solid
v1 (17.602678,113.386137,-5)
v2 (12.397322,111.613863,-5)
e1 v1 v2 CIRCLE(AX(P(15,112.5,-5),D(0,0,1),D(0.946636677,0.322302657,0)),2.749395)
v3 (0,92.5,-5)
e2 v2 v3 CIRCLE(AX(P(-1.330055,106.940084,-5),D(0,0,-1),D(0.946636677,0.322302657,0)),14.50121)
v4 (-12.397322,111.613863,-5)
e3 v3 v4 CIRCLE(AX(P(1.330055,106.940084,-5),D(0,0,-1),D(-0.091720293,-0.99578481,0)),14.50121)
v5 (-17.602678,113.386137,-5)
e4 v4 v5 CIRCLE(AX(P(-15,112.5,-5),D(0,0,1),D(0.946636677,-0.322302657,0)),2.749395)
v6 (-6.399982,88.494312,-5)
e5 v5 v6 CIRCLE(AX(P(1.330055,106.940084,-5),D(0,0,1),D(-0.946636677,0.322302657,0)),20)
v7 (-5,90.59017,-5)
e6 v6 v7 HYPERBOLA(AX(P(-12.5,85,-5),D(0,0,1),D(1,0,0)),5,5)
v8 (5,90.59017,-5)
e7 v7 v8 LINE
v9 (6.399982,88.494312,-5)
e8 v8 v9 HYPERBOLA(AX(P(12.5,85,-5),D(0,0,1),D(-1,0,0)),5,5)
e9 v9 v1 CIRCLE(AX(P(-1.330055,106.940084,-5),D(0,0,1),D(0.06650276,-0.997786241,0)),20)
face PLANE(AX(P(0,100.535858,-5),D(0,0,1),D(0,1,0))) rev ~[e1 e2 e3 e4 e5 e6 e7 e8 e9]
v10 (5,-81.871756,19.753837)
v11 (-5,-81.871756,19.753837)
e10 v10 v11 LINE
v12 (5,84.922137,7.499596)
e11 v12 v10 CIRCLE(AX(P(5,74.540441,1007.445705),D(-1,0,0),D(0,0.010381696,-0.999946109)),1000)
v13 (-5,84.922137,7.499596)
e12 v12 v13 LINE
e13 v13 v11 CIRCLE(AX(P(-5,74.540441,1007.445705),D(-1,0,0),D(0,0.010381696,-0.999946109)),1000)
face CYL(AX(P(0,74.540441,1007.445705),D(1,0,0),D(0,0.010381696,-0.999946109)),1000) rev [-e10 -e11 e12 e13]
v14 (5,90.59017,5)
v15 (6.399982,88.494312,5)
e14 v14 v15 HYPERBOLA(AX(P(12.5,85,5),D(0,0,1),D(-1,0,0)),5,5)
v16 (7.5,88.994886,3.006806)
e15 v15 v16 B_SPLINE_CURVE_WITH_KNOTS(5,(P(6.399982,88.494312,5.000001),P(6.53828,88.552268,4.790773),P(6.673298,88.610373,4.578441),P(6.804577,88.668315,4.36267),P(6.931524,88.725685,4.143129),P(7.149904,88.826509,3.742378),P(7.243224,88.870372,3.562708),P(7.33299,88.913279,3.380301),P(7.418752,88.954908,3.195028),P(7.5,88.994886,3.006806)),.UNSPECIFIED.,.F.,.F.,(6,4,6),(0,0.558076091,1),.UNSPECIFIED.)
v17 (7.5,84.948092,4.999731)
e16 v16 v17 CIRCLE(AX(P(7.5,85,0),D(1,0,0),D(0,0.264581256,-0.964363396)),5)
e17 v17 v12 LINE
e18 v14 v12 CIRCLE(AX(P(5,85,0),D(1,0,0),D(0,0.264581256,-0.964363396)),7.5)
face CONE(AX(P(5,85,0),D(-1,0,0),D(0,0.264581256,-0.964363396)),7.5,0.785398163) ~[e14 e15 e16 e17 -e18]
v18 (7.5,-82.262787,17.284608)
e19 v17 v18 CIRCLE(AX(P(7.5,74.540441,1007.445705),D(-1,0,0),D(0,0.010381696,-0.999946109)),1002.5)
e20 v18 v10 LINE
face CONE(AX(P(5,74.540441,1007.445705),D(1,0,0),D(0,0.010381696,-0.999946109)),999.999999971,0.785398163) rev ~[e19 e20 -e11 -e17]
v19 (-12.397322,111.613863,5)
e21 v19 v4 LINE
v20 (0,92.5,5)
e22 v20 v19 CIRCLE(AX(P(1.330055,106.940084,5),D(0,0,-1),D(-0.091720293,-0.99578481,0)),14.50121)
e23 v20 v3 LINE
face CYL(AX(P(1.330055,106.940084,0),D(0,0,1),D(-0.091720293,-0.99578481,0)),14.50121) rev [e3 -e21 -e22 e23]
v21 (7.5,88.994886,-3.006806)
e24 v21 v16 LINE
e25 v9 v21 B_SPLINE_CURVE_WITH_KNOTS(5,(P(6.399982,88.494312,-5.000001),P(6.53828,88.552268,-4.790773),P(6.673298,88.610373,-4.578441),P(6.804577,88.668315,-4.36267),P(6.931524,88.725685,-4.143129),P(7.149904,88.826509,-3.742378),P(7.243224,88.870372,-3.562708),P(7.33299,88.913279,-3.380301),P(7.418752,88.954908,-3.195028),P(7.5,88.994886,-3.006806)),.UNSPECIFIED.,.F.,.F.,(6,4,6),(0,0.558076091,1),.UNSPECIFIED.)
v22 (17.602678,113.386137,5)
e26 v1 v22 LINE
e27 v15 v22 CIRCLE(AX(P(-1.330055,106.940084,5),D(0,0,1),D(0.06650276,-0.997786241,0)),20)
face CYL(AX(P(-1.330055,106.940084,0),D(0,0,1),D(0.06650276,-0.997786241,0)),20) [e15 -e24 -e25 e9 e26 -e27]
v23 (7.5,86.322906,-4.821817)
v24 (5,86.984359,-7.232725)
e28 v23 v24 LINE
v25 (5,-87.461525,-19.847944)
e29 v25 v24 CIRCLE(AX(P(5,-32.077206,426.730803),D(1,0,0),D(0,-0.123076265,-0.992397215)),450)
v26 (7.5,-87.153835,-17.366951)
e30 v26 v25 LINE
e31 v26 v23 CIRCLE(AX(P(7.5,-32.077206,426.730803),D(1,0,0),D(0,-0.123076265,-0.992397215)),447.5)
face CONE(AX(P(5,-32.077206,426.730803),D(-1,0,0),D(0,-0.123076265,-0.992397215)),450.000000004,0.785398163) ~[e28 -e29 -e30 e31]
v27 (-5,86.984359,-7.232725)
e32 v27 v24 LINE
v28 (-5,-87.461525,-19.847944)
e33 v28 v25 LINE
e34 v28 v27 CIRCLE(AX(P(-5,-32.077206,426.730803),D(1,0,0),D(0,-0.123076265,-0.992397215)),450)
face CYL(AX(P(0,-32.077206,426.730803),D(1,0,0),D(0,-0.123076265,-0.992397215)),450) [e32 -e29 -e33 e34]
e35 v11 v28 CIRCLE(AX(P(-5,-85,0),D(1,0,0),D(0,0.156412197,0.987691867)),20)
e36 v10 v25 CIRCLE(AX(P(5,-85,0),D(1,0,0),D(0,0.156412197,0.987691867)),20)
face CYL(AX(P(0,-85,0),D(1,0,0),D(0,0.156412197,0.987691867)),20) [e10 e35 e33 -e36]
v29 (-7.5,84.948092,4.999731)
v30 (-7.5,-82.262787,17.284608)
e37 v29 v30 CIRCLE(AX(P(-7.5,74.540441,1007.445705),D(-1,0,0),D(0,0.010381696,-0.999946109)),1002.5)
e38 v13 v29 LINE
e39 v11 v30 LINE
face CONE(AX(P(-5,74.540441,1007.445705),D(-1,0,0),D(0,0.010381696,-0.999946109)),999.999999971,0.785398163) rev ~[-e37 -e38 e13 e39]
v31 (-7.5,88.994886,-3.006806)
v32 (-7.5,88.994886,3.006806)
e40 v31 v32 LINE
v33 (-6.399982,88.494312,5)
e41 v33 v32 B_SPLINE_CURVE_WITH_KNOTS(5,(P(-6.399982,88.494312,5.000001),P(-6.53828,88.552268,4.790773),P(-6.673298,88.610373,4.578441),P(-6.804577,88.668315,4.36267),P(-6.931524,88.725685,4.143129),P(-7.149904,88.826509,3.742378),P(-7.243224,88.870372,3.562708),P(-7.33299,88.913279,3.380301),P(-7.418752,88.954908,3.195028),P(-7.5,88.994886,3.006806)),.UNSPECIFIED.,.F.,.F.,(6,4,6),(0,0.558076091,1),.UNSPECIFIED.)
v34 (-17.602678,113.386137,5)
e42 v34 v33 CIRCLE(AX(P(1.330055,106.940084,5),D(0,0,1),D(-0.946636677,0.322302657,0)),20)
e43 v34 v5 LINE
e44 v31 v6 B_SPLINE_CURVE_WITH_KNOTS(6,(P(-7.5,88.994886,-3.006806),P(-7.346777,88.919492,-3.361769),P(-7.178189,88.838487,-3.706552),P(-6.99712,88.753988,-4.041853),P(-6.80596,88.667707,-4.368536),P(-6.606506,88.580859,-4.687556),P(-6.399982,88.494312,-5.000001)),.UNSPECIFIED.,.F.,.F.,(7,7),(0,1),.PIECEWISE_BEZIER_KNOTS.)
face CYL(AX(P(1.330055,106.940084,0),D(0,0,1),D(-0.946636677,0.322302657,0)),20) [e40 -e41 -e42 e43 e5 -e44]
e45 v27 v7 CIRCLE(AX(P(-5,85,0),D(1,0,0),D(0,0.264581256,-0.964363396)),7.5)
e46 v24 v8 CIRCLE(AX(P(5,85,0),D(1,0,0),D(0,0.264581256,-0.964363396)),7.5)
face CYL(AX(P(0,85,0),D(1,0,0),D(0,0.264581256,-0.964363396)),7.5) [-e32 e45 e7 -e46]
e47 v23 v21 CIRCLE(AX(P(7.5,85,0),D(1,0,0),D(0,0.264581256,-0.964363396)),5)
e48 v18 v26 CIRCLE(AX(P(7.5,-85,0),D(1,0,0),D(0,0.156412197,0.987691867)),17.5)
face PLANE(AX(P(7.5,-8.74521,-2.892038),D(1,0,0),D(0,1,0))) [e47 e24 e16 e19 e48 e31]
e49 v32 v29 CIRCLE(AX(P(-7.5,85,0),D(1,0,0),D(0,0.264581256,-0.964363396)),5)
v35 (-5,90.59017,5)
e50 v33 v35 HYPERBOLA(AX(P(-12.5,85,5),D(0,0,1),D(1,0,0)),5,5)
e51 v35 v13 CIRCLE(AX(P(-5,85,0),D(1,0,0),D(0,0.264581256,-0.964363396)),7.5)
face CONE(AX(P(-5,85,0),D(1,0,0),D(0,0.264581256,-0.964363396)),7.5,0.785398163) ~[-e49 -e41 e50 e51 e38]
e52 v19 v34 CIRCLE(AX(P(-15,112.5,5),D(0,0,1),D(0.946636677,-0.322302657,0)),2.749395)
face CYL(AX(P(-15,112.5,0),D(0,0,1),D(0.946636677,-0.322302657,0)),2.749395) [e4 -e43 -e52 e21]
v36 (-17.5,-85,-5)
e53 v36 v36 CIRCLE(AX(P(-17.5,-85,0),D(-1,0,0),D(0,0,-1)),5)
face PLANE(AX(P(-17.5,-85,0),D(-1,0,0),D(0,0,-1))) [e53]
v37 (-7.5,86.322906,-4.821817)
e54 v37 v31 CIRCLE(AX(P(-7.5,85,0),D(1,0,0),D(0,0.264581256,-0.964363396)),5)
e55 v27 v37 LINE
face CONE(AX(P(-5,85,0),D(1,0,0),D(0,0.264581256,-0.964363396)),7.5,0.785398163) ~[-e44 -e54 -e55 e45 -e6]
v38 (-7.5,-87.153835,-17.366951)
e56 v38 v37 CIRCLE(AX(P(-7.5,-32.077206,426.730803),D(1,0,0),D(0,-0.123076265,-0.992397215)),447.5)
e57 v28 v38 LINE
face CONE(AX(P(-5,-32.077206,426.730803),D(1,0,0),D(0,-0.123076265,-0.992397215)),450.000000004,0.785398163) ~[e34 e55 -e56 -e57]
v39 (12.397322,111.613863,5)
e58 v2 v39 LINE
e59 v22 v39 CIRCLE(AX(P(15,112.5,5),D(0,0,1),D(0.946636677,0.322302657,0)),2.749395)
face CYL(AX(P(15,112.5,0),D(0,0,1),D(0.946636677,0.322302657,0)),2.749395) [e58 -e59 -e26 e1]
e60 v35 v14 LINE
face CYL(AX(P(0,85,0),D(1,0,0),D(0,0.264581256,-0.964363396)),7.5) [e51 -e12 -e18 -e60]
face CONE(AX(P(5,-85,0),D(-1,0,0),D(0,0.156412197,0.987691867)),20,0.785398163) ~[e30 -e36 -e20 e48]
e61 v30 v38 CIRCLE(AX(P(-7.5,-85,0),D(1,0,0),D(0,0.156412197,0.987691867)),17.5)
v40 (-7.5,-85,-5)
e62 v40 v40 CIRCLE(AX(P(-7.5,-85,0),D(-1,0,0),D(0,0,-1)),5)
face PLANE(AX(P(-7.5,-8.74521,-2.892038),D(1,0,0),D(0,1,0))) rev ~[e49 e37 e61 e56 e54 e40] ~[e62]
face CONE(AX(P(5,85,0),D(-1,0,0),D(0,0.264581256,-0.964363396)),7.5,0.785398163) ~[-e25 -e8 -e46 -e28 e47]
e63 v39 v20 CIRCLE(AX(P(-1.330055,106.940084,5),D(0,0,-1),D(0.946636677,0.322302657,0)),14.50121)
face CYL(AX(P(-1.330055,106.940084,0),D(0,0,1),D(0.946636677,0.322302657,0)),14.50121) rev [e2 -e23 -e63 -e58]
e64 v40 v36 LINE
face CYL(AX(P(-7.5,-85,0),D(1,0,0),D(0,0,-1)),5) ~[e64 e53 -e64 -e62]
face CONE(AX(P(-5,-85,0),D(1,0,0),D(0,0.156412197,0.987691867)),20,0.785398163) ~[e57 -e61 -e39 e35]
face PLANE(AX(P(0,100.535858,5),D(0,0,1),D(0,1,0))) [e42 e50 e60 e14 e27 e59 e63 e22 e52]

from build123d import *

# Parameters (mm, degrees)
BOSS_EXTRUDE1_DEPTH = 7.5
CHAMFER1_SIZE       = 2.5
SKETCH2_R           = 5
BOSS_EXTRUDE2_DEPTH = 10
BOSS_EXTRUDE3_DEPTH = 5


with BuildPart() as part:
    # Sketch1 → Boss-Extrude1 (new, symmetric)
    with BuildSketch(Plane.YZ):
        with BuildLine():
            ThreePointArc((-81.871756055, 19.753837344), (-104.803696773, 2.795280684), (-87.461525308, -19.847944306))
            ThreePointArc((-87.461525308, -19.847944306), (0.380210023, -22.09713345), (86.984359422, -7.232725467))
            ThreePointArc((86.984359422, -7.232725467), (92.427584063, 1.039709088), (84.922137279, 7.499595816))
            ThreePointArc((84.922137279, 7.499595816), (1.268561005, 10.133701432), (-81.871756055, 19.753837344))
        make_face()
    extrude(amount=BOSS_EXTRUDE1_DEPTH, both=True)

    # Chamfer1
    chamfer1_edges = [part.edges().sort_by_distance(p)[0] for p in [
        (-7.5, 0.380210023, -22.09713345),
        (-7.5, -104.803696773, 2.795280684),
        (-7.5, 1.268561005, 10.133701432),
        (7.5, 0.380210023, -22.09713345),
        (7.5, -104.803696773, 2.795280684),
        (7.5, 1.268561005, 10.133701432),
    ]]
    chamfer(chamfer1_edges, length=CHAMFER1_SIZE)

    # Sketch2 → Boss-Extrude2 (add)
    with BuildSketch(Plane(origin=(-7.5, 0, 0), x_dir=(0, -1, 0), z_dir=(-1, 0, 0))):
        with Locations(Location((85, 0, 0), (0, 0, 270))):
            Circle(SKETCH2_R)
    extrude(amount=BOSS_EXTRUDE2_DEPTH)

    # Sketch4 → Boss-Extrude3 (add, symmetric)
    with BuildSketch(Plane(origin=(0, 0, 0), x_dir=(0, 1, 0), z_dir=(0, 0, 1))):
        with BuildLine():
            ThreePointArc((86.984359422, 0), (95.845428844, -15.310516356), (113.386137378, -17.602678336))
            ThreePointArc((113.386137378, -17.602678336), (115.102678336, -14.113862622), (111.613862622, -12.397321664))
            ThreePointArc((111.613862622, -12.397321664), (99.049040037, -10.836148037), (92.5, 0))
            ThreePointArc((92.5, 0), (99.049040037, 10.836148037), (111.613862622, 12.397321664))
            ThreePointArc((111.613862622, 12.397321664), (115.102678336, 14.113862622), (113.386137378, 17.602678336))
            ThreePointArc((113.386137378, 17.602678336), (95.845428844, 15.310516356), (86.984359422, 0))
        make_face()
    extrude(amount=BOSS_EXTRUDE3_DEPTH, both=True)


solid = part.part
